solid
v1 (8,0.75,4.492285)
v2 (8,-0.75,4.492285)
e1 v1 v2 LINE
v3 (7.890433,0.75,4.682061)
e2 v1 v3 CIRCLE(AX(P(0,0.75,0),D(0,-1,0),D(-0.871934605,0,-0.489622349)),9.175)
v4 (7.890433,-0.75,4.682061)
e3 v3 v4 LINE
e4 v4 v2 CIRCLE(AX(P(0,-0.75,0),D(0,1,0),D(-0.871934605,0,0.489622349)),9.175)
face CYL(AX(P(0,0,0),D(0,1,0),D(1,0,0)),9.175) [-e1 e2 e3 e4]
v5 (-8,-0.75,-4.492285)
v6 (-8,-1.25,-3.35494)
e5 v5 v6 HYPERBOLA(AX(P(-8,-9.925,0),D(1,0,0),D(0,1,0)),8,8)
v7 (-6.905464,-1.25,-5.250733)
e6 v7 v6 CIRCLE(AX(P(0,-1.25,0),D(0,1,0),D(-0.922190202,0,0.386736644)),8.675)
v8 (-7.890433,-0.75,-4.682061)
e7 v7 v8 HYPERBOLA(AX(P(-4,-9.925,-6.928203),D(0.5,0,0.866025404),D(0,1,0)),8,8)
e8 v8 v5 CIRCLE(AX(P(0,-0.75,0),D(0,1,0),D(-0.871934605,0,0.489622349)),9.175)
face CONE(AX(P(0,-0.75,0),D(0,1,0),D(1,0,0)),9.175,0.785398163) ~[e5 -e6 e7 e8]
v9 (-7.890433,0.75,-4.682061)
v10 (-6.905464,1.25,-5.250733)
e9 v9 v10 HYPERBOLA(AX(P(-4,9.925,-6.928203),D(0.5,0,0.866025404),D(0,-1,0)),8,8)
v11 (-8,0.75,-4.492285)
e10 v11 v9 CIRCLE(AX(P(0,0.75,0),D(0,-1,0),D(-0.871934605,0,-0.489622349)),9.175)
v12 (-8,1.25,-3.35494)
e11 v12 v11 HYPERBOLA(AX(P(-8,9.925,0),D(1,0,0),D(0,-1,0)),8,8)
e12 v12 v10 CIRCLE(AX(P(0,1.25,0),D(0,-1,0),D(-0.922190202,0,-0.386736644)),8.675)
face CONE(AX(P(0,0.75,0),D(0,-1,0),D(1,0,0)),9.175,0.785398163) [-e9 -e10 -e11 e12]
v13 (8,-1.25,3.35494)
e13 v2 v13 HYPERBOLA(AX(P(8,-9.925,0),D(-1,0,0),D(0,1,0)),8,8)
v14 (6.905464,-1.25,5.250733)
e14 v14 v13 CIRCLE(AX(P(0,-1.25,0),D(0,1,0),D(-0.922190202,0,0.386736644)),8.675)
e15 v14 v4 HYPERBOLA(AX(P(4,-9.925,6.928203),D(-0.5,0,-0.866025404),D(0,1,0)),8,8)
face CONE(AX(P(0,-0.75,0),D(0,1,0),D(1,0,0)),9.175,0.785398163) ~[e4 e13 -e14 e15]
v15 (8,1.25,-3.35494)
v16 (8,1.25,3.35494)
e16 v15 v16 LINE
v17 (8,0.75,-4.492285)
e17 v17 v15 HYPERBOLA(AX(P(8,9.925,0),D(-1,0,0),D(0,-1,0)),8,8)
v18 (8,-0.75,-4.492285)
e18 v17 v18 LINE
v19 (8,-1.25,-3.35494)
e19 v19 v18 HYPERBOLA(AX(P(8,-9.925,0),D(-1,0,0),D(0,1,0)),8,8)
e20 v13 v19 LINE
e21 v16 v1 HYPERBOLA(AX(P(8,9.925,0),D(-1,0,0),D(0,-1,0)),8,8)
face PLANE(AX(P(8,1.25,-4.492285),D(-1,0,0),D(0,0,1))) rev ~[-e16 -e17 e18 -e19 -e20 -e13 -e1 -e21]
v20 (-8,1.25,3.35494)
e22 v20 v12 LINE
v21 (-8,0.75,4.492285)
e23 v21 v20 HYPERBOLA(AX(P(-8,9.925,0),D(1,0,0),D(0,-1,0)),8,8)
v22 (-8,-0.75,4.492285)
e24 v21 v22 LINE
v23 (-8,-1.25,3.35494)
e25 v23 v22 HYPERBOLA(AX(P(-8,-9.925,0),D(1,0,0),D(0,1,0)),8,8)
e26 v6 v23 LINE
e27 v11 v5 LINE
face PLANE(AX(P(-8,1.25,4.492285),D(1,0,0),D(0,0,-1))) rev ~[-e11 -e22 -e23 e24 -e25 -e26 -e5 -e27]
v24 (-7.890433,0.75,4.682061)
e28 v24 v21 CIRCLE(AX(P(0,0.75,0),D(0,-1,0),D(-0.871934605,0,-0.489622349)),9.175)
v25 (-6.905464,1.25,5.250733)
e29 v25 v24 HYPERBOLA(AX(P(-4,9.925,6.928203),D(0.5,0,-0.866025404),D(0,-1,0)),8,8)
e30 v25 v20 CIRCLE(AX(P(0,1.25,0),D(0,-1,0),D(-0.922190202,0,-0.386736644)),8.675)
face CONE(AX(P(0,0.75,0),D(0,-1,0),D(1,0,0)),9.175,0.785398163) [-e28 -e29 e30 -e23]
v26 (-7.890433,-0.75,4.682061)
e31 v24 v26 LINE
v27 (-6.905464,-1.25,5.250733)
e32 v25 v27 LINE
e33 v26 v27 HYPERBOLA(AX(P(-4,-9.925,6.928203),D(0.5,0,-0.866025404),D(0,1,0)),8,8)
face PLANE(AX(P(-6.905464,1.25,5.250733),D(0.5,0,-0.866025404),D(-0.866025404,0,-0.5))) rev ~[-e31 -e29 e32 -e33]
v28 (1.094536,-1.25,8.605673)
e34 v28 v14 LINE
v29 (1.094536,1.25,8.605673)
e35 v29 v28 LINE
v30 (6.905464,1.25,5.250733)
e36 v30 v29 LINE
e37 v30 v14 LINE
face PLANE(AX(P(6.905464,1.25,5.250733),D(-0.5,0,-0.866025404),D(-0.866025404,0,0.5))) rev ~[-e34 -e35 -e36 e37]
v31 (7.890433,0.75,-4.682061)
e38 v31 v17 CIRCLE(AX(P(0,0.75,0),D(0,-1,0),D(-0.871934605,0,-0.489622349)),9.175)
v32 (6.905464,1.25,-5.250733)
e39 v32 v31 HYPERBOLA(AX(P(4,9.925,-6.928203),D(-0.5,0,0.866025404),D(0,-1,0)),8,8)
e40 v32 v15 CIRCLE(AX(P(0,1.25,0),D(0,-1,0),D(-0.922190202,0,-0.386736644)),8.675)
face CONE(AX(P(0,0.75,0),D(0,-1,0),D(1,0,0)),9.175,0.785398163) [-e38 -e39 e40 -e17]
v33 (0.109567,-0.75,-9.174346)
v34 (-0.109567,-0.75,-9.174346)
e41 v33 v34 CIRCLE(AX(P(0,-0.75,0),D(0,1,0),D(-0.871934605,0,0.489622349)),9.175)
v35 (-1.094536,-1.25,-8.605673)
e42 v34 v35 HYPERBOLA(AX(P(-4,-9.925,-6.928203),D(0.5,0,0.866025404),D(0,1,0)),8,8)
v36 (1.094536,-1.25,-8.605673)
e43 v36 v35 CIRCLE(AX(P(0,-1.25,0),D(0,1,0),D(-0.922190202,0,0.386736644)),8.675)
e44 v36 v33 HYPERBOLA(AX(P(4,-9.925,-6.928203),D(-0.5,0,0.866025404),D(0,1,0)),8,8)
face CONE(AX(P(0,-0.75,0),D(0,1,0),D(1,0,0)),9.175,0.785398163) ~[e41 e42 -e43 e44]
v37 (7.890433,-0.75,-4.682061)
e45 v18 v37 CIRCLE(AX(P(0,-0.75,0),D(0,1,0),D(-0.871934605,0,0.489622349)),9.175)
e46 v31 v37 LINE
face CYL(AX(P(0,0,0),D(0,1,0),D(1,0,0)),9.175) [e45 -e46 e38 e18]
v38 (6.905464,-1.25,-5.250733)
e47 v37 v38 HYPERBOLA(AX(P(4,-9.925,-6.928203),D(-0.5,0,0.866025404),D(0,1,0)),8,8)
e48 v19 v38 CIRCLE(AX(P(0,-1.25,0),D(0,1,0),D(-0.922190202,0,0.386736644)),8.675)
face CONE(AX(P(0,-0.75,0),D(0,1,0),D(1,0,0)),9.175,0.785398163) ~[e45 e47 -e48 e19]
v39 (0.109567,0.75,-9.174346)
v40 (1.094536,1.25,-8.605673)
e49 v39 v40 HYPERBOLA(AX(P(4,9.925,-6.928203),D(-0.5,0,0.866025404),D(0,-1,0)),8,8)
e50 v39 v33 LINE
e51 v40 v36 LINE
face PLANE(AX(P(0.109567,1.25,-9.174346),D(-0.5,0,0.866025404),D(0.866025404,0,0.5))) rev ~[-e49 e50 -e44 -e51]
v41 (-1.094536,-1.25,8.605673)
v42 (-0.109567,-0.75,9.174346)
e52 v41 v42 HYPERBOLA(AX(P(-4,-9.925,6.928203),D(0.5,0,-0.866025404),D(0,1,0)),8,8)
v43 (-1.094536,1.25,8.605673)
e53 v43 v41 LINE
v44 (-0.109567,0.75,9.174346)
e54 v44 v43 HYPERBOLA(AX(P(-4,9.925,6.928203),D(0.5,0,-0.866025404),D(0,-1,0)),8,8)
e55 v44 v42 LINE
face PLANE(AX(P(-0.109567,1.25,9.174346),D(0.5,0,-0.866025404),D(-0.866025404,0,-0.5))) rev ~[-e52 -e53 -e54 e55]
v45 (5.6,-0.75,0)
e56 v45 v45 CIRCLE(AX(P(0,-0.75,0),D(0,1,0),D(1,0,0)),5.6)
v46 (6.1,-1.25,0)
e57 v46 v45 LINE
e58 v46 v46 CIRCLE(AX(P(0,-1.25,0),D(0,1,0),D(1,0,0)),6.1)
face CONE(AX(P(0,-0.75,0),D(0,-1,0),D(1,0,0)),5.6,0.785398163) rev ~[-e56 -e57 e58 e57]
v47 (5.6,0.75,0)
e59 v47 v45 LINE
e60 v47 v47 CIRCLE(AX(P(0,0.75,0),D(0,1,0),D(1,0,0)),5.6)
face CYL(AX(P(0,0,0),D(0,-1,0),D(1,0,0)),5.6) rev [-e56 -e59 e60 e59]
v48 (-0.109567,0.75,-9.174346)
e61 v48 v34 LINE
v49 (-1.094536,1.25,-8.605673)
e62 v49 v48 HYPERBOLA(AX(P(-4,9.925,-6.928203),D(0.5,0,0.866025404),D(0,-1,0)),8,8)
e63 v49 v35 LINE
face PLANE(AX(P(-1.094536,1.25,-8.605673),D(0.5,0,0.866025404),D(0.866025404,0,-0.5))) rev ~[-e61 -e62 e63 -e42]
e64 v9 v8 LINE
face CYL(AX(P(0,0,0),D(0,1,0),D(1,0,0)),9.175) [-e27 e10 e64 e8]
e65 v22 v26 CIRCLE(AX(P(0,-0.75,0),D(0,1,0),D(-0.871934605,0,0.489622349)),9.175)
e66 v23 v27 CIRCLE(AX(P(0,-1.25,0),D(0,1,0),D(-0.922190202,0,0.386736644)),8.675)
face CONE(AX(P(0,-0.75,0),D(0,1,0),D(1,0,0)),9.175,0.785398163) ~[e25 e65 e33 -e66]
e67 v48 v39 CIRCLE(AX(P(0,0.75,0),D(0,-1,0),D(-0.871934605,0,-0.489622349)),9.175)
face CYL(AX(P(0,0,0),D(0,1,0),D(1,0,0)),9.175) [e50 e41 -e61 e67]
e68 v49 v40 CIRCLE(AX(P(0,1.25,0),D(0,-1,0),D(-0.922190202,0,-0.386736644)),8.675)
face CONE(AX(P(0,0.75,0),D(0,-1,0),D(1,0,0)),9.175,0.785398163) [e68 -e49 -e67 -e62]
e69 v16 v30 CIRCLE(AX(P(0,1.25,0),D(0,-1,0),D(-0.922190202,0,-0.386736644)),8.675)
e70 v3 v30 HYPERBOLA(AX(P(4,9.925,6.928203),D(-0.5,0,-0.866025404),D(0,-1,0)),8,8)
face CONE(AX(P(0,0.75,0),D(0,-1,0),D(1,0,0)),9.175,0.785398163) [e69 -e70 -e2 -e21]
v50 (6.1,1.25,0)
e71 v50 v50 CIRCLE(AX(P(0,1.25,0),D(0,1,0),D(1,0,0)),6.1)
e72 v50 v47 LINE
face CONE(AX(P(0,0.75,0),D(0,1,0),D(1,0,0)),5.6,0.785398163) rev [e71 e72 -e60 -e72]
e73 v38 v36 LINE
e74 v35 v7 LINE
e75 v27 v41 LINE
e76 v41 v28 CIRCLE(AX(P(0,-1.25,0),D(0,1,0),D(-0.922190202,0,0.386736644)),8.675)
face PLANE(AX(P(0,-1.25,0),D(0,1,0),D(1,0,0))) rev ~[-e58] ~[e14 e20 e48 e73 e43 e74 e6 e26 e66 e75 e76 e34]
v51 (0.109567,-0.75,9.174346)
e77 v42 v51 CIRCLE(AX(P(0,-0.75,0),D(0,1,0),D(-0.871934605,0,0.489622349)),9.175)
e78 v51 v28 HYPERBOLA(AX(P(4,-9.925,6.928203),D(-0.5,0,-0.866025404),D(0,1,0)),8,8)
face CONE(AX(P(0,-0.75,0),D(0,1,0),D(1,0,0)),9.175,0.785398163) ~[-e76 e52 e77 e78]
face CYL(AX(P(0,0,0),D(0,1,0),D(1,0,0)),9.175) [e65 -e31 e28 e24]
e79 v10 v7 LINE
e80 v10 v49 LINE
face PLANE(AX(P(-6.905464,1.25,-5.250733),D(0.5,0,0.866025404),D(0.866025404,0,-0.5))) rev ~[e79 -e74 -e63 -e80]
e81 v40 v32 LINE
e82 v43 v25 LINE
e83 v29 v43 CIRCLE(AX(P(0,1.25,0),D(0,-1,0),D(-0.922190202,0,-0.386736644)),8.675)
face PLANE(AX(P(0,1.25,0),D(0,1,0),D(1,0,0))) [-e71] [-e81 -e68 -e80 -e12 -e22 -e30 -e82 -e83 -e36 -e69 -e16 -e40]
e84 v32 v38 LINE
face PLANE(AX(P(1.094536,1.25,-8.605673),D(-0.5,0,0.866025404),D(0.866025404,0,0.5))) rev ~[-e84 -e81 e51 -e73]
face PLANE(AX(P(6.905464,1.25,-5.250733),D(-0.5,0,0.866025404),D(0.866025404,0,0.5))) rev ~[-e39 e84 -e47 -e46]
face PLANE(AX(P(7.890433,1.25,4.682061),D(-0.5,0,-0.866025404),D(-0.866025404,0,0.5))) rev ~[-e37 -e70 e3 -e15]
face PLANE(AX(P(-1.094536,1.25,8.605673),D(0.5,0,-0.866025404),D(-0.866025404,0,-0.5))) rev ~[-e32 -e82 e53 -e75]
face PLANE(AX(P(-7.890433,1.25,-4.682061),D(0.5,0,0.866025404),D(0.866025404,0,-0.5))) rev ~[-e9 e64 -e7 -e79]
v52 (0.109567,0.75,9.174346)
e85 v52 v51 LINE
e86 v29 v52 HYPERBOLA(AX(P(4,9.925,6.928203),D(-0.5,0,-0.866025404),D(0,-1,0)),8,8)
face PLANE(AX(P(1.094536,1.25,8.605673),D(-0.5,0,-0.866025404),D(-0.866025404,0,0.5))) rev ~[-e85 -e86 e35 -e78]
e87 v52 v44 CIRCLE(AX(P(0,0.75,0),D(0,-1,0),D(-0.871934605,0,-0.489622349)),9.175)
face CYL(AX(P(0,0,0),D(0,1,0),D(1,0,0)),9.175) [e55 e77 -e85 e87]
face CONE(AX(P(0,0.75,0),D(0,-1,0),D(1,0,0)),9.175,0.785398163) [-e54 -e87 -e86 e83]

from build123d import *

# Parameters (mm, degrees)
SKETCH1_R           = 9.175
SKETCH1_R_2         = 5.6
BOSS_EXTRUDE1_DEPTH = 1.25
CHAMFER1_SIZE       = 0.5
CUT_EXTRUDE1_REACH  = 4.5
CHAMFER2_SIZE       = 0.5


with BuildPart() as part:
    # Sketch1 → Boss-Extrude1 (new body, symmetric)
    with BuildSketch(Plane(origin=(0, 0, 0), x_dir=(1, 0, 0), z_dir=(0, 1, 0))):
        Circle(SKETCH1_R)
        Circle(SKETCH1_R_2, mode=Mode.SUBTRACT)
    extrude(amount=BOSS_EXTRUDE1_DEPTH, both=True)

    # Chamfer1
    chamfer1_edges = [part.edges().sort_by_distance(p)[0] for p in [
        (-9.175, -1.25, 0),
        (-9.175, 1.25, 0),
    ]]
    chamfer(chamfer1_edges, length=CHAMFER1_SIZE)

    # Sketch2 → Cut-Extrude1 (cut, up to next)
    with BuildSketch(Plane(origin=(0, 1.25, 0), x_dir=(1, 0, 0), z_dir=(0, 1, 0)), mode=Mode.PRIVATE) as cut_extrude1_sk1:
        with BuildLine():
            ThreePointArc((-8, 3.354940387), (-8.675, 0), (-8, -3.354940387))
            Line((-8, -3.354940387), (-8, 3.354940387))
        make_face()
    cut_extrude1_tool1 = extrude(cut_extrude1_sk1.sketch, amount=-CUT_EXTRUDE1_REACH, mode=Mode.PRIVATE) & part.part
    add(cut_extrude1_tool1.solids().sort_by_distance((-8.270921, 1.25, 0))[0], mode=Mode.SUBTRACT)
    # Sketch2 → Cut-Extrude1 (cut, up to next)
    with BuildSketch(Plane(origin=(0, 1.25, 0), x_dir=(1, 0, 0), z_dir=(0, 1, 0)), mode=Mode.PRIVATE) as cut_extrude1_sk2:
        with BuildLine():
            ThreePointArc((-8, 4.492285053), (-9.175, 0), (-8, -4.492285053))
            Line((-8, -4.492285053), (-8, -3.354940387))
            ThreePointArc((-8, -3.354940387), (-8.675, 0), (-8, 3.354940387))
            Line((-8, 3.354940387), (-8, 4.492285053))
        make_face()
    cut_extrude1_tool2 = extrude(cut_extrude1_sk2.sketch, amount=-CUT_EXTRUDE1_REACH, mode=Mode.PRIVATE) & part.part
    add(cut_extrude1_tool2.solids().sort_by_distance((-9.084389, 1.25, 0))[0], mode=Mode.SUBTRACT)
    # Sketch2 → Cut-Extrude1 (cut, up to next)
    with BuildSketch(Plane(origin=(0, 1.25, 0), x_dir=(1, 0, 0), z_dir=(0, 1, 0)), mode=Mode.PRIVATE) as cut_extrude1_sk3:
        with BuildLine():
            ThreePointArc((-0.109567023, 9.174345757), (-4.5875, 7.94578308), (-7.890432977, 4.682060704))
            Line((-7.890432977, 4.682060704), (-6.905463603, 5.250733037))
            ThreePointArc((-6.905463603, 5.250733037), (-4.3375, 7.512770378), (-1.094536397, 8.605673424))
            Line((-1.094536397, 8.605673424), (-0.109567023, 9.174345757))
        make_face()
    cut_extrude1_tool3 = extrude(cut_extrude1_sk3.sketch, amount=-CUT_EXTRUDE1_REACH, mode=Mode.PRIVATE) & part.part
    add(cut_extrude1_tool3.solids().sort_by_distance((-4.382423, 1.25, -7.590579))[0], mode=Mode.SUBTRACT)
    # Sketch2 → Cut-Extrude1 (cut, up to next)
    with BuildSketch(Plane(origin=(0, 1.25, 0), x_dir=(1, 0, 0), z_dir=(0, 1, 0)), mode=Mode.PRIVATE) as cut_extrude1_sk4:
        with BuildLine():
            ThreePointArc((-1.094536397, 8.605673424), (-4.3375, 7.512770378), (-6.905463603, 5.250733037))
            Line((-6.905463603, 5.250733037), (-1.094536397, 8.605673424))
        make_face()
    cut_extrude1_tool4 = extrude(cut_extrude1_sk4.sketch, amount=-CUT_EXTRUDE1_REACH, mode=Mode.PRIVATE) & part.part
    add(cut_extrude1_tool4.solids().sort_by_distance((-4.135461, 1.25, -7.162828))[0], mode=Mode.SUBTRACT)
    # Sketch2 → Cut-Extrude1 (cut, up to next)
    with BuildSketch(Plane(origin=(0, 1.25, 0), x_dir=(1, 0, 0), z_dir=(0, 1, 0)), mode=Mode.PRIVATE) as cut_extrude1_sk5:
        with BuildLine():
            ThreePointArc((1.094536397, 8.605673424), (4.3375, 7.512770378), (6.905463603, 5.250733037))
            Line((6.905463603, 5.250733037), (7.890432977, 4.682060704))
            ThreePointArc((7.890432977, 4.682060704), (4.5875, 7.94578308), (0.109567023, 9.174345757))
            Line((0.109567023, 9.174345757), (1.094536397, 8.605673424))
        make_face()
    cut_extrude1_tool5 = extrude(cut_extrude1_sk5.sketch, amount=-CUT_EXTRUDE1_REACH, mode=Mode.PRIVATE) & part.part
    add(cut_extrude1_tool5.solids().sort_by_distance((7.442871, 1.25, -5.044206))[0], mode=Mode.SUBTRACT)
    # Sketch2 → Cut-Extrude1 (cut, up to next)
    with BuildSketch(Plane(origin=(0, 1.25, 0), x_dir=(1, 0, 0), z_dir=(0, 1, 0)), mode=Mode.PRIVATE) as cut_extrude1_sk6:
        with BuildLine():
            Line((1.094536397, 8.605673424), (6.905463603, 5.250733037))
            ThreePointArc((6.905463603, 5.250733037), (4.3375, 7.512770378), (1.094536397, 8.605673424))
        make_face()
    cut_extrude1_tool6 = extrude(cut_extrude1_sk6.sketch, amount=-CUT_EXTRUDE1_REACH, mode=Mode.PRIVATE) & part.part
    add(cut_extrude1_tool6.solids().sort_by_distance((4.135461, 1.25, -7.162828))[0], mode=Mode.SUBTRACT)
    # Sketch2 → Cut-Extrude1 (cut, up to next)
    with BuildSketch(Plane(origin=(0, 1.25, 0), x_dir=(1, 0, 0), z_dir=(0, 1, 0)), mode=Mode.PRIVATE) as cut_extrude1_sk7:
        with BuildLine():
            Line((8, -3.354940387), (8, -4.492285053))
            ThreePointArc((8, -4.492285053), (8.876390736, -2.321704654), (9.175, 0))
            ThreePointArc((9.175, 0), (8.876390736, 2.321704654), (8, 4.492285053))
            Line((8, 4.492285053), (8, 3.354940387))
            ThreePointArc((8, 3.354940387), (8.504575974, 1.711085182), (8.675, 0))
            ThreePointArc((8.675, 0), (8.504575974, -1.711085182), (8, -3.354940387))
        make_face()
    cut_extrude1_tool7 = extrude(cut_extrude1_sk7.sketch, amount=-CUT_EXTRUDE1_REACH, mode=Mode.PRIVATE) & part.part
    add(cut_extrude1_tool7.solids().sort_by_distance((8.090611, 1.25, 3.923613))[0], mode=Mode.SUBTRACT)
    # Sketch2 → Cut-Extrude1 (cut, up to next)
    with BuildSketch(Plane(origin=(0, 1.25, 0), x_dir=(1, 0, 0), z_dir=(0, 1, 0)), mode=Mode.PRIVATE) as cut_extrude1_sk8:
        with BuildLine():
            Line((8, 3.354940387), (8, -3.354940387))
            ThreePointArc((8, -3.354940387), (8.504575974, -1.711085182), (8.675, 0))
            ThreePointArc((8.675, 0), (8.504575974, 1.711085182), (8, 3.354940387))
        make_face()
    cut_extrude1_tool8 = extrude(cut_extrude1_sk8.sketch, amount=-CUT_EXTRUDE1_REACH, mode=Mode.PRIVATE) & part.part
    add(cut_extrude1_tool8.solids().sort_by_distance((8.270921, 1.25, 0))[0], mode=Mode.SUBTRACT)
    # Sketch2 → Cut-Extrude1 (cut, up to next)
    with BuildSketch(Plane(origin=(0, 1.25, 0), x_dir=(1, 0, 0), z_dir=(0, 1, 0)), mode=Mode.PRIVATE) as cut_extrude1_sk9:
        with BuildLine():
            Line((1.094536397, -8.605673424), (0.109567023, -9.174345757))
            ThreePointArc((0.109567023, -9.174345757), (4.5875, -7.94578308), (7.890432977, -4.682060704))
            Line((7.890432977, -4.682060704), (6.905463603, -5.250733037))
            ThreePointArc((6.905463603, -5.250733037), (4.3375, -7.512770378), (1.094536397, -8.605673424))
        make_face()
    cut_extrude1_tool9 = extrude(cut_extrude1_sk9.sketch, amount=-CUT_EXTRUDE1_REACH, mode=Mode.PRIVATE) & part.part
    add(cut_extrude1_tool9.solids().sort_by_distance((4.382423, 1.25, 7.590579))[0], mode=Mode.SUBTRACT)
    # Sketch2 → Cut-Extrude1 (cut, up to next)
    with BuildSketch(Plane(origin=(0, 1.25, 0), x_dir=(1, 0, 0), z_dir=(0, 1, 0)), mode=Mode.PRIVATE) as cut_extrude1_sk10:
        with BuildLine():
            Line((6.905463603, -5.250733037), (1.094536397, -8.605673424))
            ThreePointArc((1.094536397, -8.605673424), (4.3375, -7.512770378), (6.905463603, -5.250733037))
        make_face()
    cut_extrude1_tool10 = extrude(cut_extrude1_sk10.sketch, amount=-CUT_EXTRUDE1_REACH, mode=Mode.PRIVATE) & part.part
    add(cut_extrude1_tool10.solids().sort_by_distance((4.135461, 1.25, 7.162828))[0], mode=Mode.SUBTRACT)
    # Sketch2 → Cut-Extrude1 (cut, up to next)
    with BuildSketch(Plane(origin=(0, 1.25, 0), x_dir=(1, 0, 0), z_dir=(0, 1, 0)), mode=Mode.PRIVATE) as cut_extrude1_sk11:
        with BuildLine():
            ThreePointArc((-6.905463603, -5.250733037), (-4.3375, -7.512770378), (-1.094536397, -8.605673424))
            Line((-1.094536397, -8.605673424), (-6.905463603, -5.250733037))
        make_face()
    cut_extrude1_tool11 = extrude(cut_extrude1_sk11.sketch, amount=-CUT_EXTRUDE1_REACH, mode=Mode.PRIVATE) & part.part
    add(cut_extrude1_tool11.solids().sort_by_distance((-4.135461, 1.25, 7.162828))[0], mode=Mode.SUBTRACT)
    # Sketch2 → Cut-Extrude1 (cut, up to next)
    with BuildSketch(Plane(origin=(0, 1.25, 0), x_dir=(1, 0, 0), z_dir=(0, 1, 0)), mode=Mode.PRIVATE) as cut_extrude1_sk12:
        with BuildLine():
            ThreePointArc((-7.890432977, -4.682060704), (-4.5875, -7.94578308), (-0.109567023, -9.174345757))
            Line((-0.109567023, -9.174345757), (-1.094536397, -8.605673424))
            ThreePointArc((-1.094536397, -8.605673424), (-4.3375, -7.512770378), (-6.905463603, -5.250733037))
            Line((-6.905463603, -5.250733037), (-7.890432977, -4.682060704))
        make_face()
    cut_extrude1_tool12 = extrude(cut_extrude1_sk12.sketch, amount=-CUT_EXTRUDE1_REACH, mode=Mode.PRIVATE) & part.part
    add(cut_extrude1_tool12.solids().sort_by_distance((-7.442871, 1.25, 5.044206))[0], mode=Mode.SUBTRACT)

    # Chamfer2
    chamfer2_edges = [part.edges().sort_by_distance(p)[0] for p in [
        (-5.6, -1.25, 0),
        (-5.6, 1.25, 0),
    ]]
    chamfer(chamfer2_edges, length=CHAMFER2_SIZE)


solid = part.part
